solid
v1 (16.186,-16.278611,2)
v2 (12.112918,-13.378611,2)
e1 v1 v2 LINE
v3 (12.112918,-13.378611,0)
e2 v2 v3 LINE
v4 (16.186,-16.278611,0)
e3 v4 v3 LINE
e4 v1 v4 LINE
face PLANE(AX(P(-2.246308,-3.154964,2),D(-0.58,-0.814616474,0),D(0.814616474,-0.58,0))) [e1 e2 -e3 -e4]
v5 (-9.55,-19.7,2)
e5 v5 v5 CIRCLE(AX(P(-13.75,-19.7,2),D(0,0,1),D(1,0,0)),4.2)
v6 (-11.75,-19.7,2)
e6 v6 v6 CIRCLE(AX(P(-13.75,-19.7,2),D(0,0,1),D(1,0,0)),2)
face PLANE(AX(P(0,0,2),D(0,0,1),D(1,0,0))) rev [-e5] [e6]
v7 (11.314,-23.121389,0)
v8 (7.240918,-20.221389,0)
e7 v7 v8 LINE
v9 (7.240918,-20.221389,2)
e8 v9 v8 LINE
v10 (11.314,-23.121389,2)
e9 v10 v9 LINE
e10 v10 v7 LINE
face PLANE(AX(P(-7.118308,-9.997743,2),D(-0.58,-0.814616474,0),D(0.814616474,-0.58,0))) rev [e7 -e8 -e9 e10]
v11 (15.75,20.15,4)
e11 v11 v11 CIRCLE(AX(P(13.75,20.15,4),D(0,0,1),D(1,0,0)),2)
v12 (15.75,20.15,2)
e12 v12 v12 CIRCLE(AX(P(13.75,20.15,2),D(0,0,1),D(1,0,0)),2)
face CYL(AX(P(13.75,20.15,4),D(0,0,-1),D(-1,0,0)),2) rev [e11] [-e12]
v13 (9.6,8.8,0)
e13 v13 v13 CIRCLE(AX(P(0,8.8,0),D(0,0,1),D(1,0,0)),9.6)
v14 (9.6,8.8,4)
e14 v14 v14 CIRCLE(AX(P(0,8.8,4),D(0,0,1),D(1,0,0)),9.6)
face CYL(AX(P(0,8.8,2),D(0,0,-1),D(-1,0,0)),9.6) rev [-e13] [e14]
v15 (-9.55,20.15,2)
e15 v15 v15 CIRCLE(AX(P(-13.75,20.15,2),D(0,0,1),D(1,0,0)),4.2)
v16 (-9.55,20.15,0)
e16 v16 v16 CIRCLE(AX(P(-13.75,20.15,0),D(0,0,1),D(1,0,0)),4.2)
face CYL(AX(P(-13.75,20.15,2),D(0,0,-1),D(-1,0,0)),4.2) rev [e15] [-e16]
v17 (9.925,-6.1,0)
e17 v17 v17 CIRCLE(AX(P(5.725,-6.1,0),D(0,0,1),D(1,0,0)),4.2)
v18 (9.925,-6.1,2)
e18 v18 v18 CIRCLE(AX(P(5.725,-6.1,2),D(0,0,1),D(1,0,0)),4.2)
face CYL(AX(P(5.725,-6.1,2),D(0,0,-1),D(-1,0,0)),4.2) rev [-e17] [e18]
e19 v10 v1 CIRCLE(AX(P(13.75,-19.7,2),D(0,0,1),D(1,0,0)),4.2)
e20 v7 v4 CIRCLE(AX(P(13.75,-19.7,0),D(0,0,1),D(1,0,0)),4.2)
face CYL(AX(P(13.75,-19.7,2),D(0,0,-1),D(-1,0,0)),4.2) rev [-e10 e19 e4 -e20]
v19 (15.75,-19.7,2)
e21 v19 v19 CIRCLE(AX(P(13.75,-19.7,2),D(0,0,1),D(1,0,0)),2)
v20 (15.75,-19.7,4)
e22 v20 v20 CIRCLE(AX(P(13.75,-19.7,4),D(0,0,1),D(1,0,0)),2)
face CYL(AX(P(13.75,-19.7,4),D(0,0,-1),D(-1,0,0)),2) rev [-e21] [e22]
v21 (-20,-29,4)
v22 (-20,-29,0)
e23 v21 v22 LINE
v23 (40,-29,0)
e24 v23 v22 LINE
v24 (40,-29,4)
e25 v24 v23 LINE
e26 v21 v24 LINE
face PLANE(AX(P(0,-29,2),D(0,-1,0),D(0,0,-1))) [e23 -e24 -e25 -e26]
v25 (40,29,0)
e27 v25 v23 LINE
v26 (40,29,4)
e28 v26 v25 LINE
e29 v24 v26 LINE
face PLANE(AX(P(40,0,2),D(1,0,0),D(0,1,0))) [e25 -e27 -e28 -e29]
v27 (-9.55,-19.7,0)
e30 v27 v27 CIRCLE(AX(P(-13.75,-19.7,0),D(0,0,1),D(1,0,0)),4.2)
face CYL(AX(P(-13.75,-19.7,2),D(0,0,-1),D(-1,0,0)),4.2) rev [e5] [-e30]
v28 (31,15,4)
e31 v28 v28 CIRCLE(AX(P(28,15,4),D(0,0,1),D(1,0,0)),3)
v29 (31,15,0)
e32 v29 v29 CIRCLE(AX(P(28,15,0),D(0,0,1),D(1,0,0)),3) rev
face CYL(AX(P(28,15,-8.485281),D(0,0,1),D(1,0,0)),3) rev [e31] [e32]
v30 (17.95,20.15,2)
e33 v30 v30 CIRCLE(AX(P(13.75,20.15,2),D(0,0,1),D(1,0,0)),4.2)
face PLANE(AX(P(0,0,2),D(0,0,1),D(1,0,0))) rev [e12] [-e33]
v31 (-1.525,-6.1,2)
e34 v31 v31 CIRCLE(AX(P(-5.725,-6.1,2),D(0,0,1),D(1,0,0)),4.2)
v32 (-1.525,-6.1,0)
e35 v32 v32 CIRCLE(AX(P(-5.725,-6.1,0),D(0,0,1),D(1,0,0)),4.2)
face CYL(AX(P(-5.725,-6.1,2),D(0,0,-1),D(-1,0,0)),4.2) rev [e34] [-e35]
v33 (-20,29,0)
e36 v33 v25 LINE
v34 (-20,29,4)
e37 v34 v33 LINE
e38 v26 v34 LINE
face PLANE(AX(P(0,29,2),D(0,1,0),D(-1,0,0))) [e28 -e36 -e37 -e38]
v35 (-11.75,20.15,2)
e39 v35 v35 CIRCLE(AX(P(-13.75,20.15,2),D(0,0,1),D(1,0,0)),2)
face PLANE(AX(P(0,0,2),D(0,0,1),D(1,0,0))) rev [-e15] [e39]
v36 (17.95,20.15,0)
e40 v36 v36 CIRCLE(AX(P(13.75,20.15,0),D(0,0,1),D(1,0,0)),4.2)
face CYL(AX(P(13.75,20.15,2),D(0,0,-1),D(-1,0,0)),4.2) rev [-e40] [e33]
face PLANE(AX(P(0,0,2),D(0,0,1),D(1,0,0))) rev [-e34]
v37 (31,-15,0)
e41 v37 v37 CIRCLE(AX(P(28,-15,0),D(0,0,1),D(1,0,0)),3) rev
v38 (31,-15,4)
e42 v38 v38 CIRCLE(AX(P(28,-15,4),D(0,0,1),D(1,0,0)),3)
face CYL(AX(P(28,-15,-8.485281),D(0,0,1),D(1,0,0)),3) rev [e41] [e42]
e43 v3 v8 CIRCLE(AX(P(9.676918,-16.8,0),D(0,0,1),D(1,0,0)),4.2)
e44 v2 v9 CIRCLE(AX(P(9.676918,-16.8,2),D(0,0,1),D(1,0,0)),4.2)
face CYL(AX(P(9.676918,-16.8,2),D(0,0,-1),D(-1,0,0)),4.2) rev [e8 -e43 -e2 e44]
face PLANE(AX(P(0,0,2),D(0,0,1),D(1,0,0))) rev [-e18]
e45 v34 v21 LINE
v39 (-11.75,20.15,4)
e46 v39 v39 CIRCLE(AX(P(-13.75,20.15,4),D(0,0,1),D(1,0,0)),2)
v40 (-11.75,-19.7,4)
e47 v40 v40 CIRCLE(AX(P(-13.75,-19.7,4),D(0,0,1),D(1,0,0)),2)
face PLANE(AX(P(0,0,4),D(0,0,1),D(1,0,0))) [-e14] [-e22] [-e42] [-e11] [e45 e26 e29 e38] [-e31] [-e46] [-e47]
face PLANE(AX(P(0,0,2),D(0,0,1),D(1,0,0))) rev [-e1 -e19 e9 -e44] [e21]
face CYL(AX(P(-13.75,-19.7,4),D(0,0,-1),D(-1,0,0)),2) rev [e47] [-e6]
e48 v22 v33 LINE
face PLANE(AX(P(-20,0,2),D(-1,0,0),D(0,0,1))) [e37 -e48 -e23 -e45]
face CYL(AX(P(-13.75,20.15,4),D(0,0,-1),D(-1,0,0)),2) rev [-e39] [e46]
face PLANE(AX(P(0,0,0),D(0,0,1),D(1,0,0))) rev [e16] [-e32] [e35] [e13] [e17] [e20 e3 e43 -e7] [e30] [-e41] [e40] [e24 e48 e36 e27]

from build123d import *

# Parameters (mm, degrees)
SKETCH1_W           = 60
SKETCH1_H           = 58
SKETCH1_R           = 4.2
SKETCH1_R_2         = 9.6
BOSS_EXTRUDE1_DEPTH = 2
SKETCH4_W           = 60
SKETCH4_H           = 58
SKETCH4_R           = 2
SKETCH4_R_2         = 9.6
BOSS_EXTRUDE3_DEPTH = 2
SKETCH5_R           = 3
CUT_EXTRUDE1_DEPTH  = 4


with BuildPart() as part:
    # Sketch1 → Boss-Extrude1 (new body)
    with BuildSketch(Plane.XY):
        with Locations((10, 0)):
            Rectangle(SKETCH1_W, SKETCH1_H)
        with Locations((13.75, 20.15)):
            Circle(SKETCH1_R, mode=Mode.SUBTRACT)
        with Locations((-13.75, -19.7)):
            Circle(SKETCH1_R, mode=Mode.SUBTRACT)
        with Locations((-5.725, -6.1)):
            Circle(SKETCH1_R, mode=Mode.SUBTRACT)
        with Locations((5.725, -6.1)):
            Circle(SKETCH1_R, mode=Mode.SUBTRACT)
        with BuildLine():
            ThreePointArc((16.186, -16.278610808), (17.171389192, -22.136), (11.314, -23.121389192))
            Line((11.314, -23.121389192), (7.240917629, -20.221389192))
            ThreePointArc((7.240917629, -20.221389192), (6.255528438, -14.364), (12.112917629, -13.378610808))
            Line((12.112917629, -13.378610808), (16.186, -16.278610808))
        make_face(mode=Mode.SUBTRACT)
        with Locations((0, 8.8)):
            Circle(SKETCH1_R_2, mode=Mode.SUBTRACT)
        with Locations((-13.75, 20.15)):
            Circle(SKETCH1_R, mode=Mode.SUBTRACT)
    extrude(amount=BOSS_EXTRUDE1_DEPTH)

    # Sketch4 → Boss-Extrude3 (add)
    with BuildSketch(Plane.XY.offset(2)):
        with Locations((10, 0)):
            Rectangle(SKETCH4_W, SKETCH4_H)
        with Locations((-13.75, -19.7)):
            Circle(SKETCH4_R, mode=Mode.SUBTRACT)
        with Locations((-13.75, 20.15)):
            Circle(SKETCH4_R, mode=Mode.SUBTRACT)
        with Locations((13.75, 20.15)):
            Circle(SKETCH4_R, mode=Mode.SUBTRACT)
        with Locations((13.75, -19.7)):
            Circle(SKETCH4_R, mode=Mode.SUBTRACT)
        with Locations((0, 8.8)):
            Circle(SKETCH4_R_2, mode=Mode.SUBTRACT)
    extrude(amount=BOSS_EXTRUDE3_DEPTH)

    # Sketch5 → Cut-Extrude1 (cut)
    with BuildSketch(Plane.XY.offset(4)):
        with Locations((28, 15)):
            Circle(SKETCH5_R)
        with Locations((28, -15)):
            Circle(SKETCH5_R)
    extrude(amount=-CUT_EXTRUDE1_DEPTH, mode=Mode.SUBTRACT)


solid = part.part
